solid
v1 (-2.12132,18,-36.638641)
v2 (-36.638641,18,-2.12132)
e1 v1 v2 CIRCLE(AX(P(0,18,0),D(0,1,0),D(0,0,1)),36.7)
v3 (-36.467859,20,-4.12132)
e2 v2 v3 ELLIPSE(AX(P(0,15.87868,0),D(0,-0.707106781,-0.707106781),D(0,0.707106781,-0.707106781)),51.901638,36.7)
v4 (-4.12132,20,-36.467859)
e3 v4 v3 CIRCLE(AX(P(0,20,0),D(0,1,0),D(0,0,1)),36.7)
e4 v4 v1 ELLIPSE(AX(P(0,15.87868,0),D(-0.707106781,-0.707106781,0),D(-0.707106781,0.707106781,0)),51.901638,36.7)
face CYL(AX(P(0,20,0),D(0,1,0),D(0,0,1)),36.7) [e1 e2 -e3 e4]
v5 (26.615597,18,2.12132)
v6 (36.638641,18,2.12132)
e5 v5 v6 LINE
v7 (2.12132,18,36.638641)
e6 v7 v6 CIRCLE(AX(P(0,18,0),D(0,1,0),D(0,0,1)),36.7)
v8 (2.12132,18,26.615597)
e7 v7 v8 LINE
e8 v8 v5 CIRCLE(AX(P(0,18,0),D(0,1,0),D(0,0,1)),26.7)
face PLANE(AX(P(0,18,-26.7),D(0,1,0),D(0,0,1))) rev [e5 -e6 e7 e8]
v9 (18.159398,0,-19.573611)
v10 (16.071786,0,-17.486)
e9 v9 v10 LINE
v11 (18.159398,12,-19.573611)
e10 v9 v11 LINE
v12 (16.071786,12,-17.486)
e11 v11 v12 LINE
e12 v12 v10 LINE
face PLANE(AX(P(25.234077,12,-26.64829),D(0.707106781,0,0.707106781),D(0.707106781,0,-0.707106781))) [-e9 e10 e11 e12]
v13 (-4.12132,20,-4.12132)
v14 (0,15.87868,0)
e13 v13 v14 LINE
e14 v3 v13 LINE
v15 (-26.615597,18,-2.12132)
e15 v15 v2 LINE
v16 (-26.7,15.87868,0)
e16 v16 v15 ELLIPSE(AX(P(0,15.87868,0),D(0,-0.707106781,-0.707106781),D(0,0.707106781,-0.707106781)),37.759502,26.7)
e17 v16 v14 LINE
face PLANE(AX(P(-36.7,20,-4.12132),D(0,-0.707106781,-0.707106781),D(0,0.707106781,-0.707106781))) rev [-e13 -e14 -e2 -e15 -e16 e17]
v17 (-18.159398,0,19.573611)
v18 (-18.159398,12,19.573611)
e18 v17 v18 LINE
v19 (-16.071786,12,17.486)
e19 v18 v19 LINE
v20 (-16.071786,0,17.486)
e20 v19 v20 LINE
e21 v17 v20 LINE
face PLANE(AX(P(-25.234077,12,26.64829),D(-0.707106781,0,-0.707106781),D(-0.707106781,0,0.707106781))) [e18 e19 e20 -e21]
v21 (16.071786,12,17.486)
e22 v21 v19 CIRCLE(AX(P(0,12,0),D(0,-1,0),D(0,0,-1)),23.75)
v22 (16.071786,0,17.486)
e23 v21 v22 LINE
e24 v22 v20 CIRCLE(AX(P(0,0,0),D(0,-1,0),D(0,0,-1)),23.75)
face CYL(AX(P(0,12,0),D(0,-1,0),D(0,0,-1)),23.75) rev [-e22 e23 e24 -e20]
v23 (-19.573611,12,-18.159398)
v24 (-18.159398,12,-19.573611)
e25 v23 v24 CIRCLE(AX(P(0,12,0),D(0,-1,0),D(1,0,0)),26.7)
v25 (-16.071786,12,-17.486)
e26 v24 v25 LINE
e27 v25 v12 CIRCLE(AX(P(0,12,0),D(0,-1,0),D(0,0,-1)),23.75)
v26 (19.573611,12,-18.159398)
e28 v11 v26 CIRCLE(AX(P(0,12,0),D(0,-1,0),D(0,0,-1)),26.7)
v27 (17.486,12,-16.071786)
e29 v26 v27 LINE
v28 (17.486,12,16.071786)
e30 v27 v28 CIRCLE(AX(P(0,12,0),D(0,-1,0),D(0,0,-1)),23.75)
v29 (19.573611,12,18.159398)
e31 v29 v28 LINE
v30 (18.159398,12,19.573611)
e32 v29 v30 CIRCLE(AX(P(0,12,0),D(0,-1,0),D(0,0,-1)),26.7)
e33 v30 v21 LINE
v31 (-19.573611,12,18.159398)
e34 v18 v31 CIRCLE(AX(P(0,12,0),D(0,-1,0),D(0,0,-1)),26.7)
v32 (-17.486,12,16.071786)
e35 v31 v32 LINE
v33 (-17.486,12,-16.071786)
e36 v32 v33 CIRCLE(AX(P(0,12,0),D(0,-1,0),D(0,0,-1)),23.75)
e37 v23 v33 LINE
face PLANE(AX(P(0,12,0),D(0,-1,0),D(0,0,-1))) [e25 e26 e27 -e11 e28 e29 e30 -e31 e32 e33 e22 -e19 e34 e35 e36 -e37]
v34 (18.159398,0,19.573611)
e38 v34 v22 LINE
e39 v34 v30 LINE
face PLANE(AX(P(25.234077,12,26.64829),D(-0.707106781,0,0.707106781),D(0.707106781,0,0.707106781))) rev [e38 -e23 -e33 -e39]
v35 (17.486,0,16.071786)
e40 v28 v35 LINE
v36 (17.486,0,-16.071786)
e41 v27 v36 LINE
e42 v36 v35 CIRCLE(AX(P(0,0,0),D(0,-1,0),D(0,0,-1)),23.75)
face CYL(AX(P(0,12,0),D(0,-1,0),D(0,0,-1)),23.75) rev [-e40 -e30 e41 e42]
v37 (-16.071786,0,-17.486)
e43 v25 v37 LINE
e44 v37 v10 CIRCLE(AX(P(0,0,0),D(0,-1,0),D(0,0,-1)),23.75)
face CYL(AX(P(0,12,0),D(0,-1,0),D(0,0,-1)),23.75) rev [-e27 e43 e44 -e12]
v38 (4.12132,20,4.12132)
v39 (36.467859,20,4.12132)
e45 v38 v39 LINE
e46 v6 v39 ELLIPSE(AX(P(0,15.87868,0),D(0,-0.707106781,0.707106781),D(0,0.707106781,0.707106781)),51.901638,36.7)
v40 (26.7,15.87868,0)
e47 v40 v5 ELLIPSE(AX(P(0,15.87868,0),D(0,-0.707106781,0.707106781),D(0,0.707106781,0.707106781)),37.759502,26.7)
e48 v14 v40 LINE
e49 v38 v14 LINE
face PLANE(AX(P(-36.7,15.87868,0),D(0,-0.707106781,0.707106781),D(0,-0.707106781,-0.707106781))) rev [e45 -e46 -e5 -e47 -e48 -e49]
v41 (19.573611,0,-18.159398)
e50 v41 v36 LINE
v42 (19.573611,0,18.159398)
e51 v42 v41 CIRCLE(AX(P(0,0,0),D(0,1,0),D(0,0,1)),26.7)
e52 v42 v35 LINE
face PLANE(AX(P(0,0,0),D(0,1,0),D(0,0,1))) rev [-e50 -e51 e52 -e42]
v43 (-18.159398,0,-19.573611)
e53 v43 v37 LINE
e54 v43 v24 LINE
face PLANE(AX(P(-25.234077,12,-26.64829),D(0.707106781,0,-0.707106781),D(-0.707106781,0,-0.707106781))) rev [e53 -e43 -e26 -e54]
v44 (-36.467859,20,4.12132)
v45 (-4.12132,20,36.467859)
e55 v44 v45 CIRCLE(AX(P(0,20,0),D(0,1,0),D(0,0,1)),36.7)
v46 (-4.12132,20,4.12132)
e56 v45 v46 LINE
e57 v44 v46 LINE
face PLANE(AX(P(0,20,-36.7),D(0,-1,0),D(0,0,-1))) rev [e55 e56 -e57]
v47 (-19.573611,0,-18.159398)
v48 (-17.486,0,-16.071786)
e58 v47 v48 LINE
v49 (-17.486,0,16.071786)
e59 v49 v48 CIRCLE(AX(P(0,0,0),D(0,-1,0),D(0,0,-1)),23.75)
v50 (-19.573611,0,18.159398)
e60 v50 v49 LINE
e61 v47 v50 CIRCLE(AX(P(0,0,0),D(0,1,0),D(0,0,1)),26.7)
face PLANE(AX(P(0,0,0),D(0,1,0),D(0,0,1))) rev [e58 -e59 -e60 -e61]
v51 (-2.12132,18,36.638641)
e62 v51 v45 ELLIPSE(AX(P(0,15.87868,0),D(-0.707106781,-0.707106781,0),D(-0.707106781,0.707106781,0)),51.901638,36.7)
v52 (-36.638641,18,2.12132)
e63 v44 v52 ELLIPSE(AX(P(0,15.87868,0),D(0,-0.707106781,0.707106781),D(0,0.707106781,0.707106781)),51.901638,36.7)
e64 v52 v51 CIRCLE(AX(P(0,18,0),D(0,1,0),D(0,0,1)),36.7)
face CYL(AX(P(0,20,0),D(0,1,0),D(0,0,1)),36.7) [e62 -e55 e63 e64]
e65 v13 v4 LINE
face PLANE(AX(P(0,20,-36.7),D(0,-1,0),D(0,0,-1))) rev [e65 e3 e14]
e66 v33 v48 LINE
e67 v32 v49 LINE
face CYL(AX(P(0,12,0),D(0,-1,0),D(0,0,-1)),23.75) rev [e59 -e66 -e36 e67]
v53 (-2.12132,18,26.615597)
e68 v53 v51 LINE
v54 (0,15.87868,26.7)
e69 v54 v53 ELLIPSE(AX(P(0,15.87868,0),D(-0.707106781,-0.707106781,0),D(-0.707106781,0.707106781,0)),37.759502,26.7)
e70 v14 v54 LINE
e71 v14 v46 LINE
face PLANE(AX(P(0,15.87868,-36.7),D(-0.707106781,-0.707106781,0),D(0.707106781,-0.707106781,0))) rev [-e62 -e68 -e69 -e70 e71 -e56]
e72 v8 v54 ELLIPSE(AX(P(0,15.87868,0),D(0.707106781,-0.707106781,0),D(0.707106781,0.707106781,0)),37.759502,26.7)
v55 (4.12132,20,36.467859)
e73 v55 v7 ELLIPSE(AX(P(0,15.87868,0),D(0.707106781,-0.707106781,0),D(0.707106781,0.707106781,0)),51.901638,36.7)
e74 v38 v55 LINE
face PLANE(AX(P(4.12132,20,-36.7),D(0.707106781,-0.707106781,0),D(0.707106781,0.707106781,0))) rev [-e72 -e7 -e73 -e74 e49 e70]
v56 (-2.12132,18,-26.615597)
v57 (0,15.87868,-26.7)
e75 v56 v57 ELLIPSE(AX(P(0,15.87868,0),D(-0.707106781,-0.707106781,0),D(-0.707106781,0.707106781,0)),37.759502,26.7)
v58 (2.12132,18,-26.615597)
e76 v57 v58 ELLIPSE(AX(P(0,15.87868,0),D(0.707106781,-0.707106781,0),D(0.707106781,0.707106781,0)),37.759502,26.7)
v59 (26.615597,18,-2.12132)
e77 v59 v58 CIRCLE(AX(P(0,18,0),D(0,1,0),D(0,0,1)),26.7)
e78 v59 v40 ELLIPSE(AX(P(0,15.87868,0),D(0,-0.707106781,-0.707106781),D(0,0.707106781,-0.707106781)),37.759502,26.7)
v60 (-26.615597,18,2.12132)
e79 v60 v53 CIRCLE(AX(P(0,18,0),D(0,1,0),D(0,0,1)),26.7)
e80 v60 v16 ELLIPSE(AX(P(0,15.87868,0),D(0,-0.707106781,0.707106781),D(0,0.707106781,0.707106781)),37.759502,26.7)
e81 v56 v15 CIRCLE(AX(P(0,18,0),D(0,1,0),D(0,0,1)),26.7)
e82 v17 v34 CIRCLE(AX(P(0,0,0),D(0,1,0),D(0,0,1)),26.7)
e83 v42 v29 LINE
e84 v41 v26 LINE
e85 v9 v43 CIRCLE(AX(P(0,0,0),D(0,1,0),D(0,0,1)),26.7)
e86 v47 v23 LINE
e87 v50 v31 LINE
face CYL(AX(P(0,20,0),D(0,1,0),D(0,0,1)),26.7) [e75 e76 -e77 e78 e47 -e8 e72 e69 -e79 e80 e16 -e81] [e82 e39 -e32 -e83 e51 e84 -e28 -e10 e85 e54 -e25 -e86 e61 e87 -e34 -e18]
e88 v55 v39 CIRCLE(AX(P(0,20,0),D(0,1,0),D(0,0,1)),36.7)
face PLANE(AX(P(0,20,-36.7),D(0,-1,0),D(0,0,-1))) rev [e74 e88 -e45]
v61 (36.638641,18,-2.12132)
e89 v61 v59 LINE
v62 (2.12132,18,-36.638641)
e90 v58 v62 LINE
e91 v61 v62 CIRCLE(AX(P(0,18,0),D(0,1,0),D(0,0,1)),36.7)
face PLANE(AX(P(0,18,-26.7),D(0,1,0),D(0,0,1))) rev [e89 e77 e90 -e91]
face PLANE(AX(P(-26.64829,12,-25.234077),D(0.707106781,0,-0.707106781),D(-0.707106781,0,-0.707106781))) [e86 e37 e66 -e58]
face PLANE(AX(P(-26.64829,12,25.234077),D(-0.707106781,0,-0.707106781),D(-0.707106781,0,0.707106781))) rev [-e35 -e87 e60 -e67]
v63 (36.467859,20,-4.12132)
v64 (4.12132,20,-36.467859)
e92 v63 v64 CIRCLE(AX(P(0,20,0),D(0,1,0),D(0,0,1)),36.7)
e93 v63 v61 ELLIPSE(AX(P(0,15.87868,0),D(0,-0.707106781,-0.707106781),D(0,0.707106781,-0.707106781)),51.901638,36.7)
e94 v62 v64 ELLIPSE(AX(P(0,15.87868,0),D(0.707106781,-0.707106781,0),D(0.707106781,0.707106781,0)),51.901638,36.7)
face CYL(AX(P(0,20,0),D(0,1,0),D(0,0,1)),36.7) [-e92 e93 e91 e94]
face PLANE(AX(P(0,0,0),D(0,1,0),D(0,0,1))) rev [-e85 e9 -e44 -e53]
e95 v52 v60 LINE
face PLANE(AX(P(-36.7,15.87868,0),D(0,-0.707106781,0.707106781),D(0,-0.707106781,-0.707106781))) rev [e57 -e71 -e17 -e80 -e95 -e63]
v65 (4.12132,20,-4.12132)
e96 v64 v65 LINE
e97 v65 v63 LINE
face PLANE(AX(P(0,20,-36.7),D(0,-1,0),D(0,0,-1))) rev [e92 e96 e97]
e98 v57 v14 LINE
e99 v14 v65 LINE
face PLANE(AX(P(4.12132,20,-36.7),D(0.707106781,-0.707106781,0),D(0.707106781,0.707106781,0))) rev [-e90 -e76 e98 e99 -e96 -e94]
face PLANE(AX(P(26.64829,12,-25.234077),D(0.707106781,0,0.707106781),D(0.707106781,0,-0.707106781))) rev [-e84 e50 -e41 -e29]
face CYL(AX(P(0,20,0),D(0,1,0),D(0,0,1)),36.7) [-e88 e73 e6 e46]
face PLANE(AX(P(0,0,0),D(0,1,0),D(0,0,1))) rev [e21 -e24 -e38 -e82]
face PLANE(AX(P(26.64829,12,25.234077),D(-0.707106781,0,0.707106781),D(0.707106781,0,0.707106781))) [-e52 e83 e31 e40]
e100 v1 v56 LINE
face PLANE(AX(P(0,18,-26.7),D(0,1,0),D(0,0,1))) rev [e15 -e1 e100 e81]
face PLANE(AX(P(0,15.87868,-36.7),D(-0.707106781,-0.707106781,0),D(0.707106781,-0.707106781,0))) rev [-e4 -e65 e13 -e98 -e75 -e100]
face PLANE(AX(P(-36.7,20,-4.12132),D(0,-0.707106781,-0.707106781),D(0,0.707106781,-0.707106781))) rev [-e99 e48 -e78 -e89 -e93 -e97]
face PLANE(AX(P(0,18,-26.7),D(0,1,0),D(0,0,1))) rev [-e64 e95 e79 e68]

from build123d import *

# Parameters (mm, degrees)
CUT_EXTRUDE1_DEPTH = 56.621758333
CIRPATTERN1_COUNT  = 4
SKETCH3_R          = 23.75
CUT_EXTRUDE2_DEPTH = 12
CUT_EXTRUDE3_START = 12
CUT_EXTRUDE3_DEPTH = 12
CIRPATTERN2_COUNT  = 4


with BuildPart() as part:
    # Sketch1 → Revolve1 (revolve)
    with BuildSketch(Plane(origin=(0, 0, 0), x_dir=(0, 0, -1), z_dir=(1, 0, 0)), mode=Mode.PRIVATE) as revolve1_sk:
        Polygon((0, 0), (26.7, 0), (26.7, 18), (36.7, 18), (36.7, 20), (0, 20), align=None)
    revolve(revolve1_sk.sketch.rotate(Axis((0, 20, 0), (0, -1, 0)), 180), axis=Axis((0, 20, 0), (0, -1, 0)))

    # Sketch2 → Cut-Extrude1 (cut, symmetric)
    with BuildSketch(Plane.XY):
        Polygon((4.121320344, 20), (0, 15.878679656), (-4.121320344, 20), align=None)
    cut_extrude1 = extrude(amount=CUT_EXTRUDE1_DEPTH, both=True, mode=Mode.SUBTRACT)

    # CirPattern1: Cut-Extrude1 ×4 about axis
    cirpattern1_axis = Axis((0, 0, 0), (0, 1, 0))
    for i in range(1, CIRPATTERN1_COUNT):
        add(cut_extrude1.rotate(cirpattern1_axis, i * 360 / CIRPATTERN1_COUNT), mode=Mode.SUBTRACT)

    # Sketch3 → Cut-Extrude2 (cut)
    with BuildSketch(Plane.XZ):
        with Locations(Location((0, 0, 0), (0, 0, 270))):
            Circle(SKETCH3_R)
    extrude(amount=-CUT_EXTRUDE2_DEPTH, mode=Mode.SUBTRACT)

    # Sketch4 → Cut-Extrude3 (cut)
    with BuildSketch(Plane(origin=(0, 0, 0), x_dir=(1, 0, 0), z_dir=(0, 1, 0)).offset(CUT_EXTRUDE3_START)):
        with BuildLine():
            Line((-25.234076692, -26.648290255), (0, -1.414213562))
            Line((0, -1.414213562), (-1.414213562, 0))
            Line((-1.414213562, 0), (-26.648290255, -25.234076692))
            ThreePointArc((-26.648290255, -25.234076692), (-25.95081887, -25.95081887), (-25.234076692, -26.648290255))
        make_face()
    cut_extrude3 = extrude(amount=-CUT_EXTRUDE3_DEPTH, mode=Mode.SUBTRACT)

    # CirPattern2: Cut-Extrude3 ×4 about axis
    cirpattern2_axis = Axis((0, 0, 0), (0, 1, 0))
    for i in range(1, CIRPATTERN2_COUNT):
        add(cut_extrude3.rotate(cirpattern2_axis, i * 360 / CIRPATTERN2_COUNT), mode=Mode.SUBTRACT)


solid = part.part
